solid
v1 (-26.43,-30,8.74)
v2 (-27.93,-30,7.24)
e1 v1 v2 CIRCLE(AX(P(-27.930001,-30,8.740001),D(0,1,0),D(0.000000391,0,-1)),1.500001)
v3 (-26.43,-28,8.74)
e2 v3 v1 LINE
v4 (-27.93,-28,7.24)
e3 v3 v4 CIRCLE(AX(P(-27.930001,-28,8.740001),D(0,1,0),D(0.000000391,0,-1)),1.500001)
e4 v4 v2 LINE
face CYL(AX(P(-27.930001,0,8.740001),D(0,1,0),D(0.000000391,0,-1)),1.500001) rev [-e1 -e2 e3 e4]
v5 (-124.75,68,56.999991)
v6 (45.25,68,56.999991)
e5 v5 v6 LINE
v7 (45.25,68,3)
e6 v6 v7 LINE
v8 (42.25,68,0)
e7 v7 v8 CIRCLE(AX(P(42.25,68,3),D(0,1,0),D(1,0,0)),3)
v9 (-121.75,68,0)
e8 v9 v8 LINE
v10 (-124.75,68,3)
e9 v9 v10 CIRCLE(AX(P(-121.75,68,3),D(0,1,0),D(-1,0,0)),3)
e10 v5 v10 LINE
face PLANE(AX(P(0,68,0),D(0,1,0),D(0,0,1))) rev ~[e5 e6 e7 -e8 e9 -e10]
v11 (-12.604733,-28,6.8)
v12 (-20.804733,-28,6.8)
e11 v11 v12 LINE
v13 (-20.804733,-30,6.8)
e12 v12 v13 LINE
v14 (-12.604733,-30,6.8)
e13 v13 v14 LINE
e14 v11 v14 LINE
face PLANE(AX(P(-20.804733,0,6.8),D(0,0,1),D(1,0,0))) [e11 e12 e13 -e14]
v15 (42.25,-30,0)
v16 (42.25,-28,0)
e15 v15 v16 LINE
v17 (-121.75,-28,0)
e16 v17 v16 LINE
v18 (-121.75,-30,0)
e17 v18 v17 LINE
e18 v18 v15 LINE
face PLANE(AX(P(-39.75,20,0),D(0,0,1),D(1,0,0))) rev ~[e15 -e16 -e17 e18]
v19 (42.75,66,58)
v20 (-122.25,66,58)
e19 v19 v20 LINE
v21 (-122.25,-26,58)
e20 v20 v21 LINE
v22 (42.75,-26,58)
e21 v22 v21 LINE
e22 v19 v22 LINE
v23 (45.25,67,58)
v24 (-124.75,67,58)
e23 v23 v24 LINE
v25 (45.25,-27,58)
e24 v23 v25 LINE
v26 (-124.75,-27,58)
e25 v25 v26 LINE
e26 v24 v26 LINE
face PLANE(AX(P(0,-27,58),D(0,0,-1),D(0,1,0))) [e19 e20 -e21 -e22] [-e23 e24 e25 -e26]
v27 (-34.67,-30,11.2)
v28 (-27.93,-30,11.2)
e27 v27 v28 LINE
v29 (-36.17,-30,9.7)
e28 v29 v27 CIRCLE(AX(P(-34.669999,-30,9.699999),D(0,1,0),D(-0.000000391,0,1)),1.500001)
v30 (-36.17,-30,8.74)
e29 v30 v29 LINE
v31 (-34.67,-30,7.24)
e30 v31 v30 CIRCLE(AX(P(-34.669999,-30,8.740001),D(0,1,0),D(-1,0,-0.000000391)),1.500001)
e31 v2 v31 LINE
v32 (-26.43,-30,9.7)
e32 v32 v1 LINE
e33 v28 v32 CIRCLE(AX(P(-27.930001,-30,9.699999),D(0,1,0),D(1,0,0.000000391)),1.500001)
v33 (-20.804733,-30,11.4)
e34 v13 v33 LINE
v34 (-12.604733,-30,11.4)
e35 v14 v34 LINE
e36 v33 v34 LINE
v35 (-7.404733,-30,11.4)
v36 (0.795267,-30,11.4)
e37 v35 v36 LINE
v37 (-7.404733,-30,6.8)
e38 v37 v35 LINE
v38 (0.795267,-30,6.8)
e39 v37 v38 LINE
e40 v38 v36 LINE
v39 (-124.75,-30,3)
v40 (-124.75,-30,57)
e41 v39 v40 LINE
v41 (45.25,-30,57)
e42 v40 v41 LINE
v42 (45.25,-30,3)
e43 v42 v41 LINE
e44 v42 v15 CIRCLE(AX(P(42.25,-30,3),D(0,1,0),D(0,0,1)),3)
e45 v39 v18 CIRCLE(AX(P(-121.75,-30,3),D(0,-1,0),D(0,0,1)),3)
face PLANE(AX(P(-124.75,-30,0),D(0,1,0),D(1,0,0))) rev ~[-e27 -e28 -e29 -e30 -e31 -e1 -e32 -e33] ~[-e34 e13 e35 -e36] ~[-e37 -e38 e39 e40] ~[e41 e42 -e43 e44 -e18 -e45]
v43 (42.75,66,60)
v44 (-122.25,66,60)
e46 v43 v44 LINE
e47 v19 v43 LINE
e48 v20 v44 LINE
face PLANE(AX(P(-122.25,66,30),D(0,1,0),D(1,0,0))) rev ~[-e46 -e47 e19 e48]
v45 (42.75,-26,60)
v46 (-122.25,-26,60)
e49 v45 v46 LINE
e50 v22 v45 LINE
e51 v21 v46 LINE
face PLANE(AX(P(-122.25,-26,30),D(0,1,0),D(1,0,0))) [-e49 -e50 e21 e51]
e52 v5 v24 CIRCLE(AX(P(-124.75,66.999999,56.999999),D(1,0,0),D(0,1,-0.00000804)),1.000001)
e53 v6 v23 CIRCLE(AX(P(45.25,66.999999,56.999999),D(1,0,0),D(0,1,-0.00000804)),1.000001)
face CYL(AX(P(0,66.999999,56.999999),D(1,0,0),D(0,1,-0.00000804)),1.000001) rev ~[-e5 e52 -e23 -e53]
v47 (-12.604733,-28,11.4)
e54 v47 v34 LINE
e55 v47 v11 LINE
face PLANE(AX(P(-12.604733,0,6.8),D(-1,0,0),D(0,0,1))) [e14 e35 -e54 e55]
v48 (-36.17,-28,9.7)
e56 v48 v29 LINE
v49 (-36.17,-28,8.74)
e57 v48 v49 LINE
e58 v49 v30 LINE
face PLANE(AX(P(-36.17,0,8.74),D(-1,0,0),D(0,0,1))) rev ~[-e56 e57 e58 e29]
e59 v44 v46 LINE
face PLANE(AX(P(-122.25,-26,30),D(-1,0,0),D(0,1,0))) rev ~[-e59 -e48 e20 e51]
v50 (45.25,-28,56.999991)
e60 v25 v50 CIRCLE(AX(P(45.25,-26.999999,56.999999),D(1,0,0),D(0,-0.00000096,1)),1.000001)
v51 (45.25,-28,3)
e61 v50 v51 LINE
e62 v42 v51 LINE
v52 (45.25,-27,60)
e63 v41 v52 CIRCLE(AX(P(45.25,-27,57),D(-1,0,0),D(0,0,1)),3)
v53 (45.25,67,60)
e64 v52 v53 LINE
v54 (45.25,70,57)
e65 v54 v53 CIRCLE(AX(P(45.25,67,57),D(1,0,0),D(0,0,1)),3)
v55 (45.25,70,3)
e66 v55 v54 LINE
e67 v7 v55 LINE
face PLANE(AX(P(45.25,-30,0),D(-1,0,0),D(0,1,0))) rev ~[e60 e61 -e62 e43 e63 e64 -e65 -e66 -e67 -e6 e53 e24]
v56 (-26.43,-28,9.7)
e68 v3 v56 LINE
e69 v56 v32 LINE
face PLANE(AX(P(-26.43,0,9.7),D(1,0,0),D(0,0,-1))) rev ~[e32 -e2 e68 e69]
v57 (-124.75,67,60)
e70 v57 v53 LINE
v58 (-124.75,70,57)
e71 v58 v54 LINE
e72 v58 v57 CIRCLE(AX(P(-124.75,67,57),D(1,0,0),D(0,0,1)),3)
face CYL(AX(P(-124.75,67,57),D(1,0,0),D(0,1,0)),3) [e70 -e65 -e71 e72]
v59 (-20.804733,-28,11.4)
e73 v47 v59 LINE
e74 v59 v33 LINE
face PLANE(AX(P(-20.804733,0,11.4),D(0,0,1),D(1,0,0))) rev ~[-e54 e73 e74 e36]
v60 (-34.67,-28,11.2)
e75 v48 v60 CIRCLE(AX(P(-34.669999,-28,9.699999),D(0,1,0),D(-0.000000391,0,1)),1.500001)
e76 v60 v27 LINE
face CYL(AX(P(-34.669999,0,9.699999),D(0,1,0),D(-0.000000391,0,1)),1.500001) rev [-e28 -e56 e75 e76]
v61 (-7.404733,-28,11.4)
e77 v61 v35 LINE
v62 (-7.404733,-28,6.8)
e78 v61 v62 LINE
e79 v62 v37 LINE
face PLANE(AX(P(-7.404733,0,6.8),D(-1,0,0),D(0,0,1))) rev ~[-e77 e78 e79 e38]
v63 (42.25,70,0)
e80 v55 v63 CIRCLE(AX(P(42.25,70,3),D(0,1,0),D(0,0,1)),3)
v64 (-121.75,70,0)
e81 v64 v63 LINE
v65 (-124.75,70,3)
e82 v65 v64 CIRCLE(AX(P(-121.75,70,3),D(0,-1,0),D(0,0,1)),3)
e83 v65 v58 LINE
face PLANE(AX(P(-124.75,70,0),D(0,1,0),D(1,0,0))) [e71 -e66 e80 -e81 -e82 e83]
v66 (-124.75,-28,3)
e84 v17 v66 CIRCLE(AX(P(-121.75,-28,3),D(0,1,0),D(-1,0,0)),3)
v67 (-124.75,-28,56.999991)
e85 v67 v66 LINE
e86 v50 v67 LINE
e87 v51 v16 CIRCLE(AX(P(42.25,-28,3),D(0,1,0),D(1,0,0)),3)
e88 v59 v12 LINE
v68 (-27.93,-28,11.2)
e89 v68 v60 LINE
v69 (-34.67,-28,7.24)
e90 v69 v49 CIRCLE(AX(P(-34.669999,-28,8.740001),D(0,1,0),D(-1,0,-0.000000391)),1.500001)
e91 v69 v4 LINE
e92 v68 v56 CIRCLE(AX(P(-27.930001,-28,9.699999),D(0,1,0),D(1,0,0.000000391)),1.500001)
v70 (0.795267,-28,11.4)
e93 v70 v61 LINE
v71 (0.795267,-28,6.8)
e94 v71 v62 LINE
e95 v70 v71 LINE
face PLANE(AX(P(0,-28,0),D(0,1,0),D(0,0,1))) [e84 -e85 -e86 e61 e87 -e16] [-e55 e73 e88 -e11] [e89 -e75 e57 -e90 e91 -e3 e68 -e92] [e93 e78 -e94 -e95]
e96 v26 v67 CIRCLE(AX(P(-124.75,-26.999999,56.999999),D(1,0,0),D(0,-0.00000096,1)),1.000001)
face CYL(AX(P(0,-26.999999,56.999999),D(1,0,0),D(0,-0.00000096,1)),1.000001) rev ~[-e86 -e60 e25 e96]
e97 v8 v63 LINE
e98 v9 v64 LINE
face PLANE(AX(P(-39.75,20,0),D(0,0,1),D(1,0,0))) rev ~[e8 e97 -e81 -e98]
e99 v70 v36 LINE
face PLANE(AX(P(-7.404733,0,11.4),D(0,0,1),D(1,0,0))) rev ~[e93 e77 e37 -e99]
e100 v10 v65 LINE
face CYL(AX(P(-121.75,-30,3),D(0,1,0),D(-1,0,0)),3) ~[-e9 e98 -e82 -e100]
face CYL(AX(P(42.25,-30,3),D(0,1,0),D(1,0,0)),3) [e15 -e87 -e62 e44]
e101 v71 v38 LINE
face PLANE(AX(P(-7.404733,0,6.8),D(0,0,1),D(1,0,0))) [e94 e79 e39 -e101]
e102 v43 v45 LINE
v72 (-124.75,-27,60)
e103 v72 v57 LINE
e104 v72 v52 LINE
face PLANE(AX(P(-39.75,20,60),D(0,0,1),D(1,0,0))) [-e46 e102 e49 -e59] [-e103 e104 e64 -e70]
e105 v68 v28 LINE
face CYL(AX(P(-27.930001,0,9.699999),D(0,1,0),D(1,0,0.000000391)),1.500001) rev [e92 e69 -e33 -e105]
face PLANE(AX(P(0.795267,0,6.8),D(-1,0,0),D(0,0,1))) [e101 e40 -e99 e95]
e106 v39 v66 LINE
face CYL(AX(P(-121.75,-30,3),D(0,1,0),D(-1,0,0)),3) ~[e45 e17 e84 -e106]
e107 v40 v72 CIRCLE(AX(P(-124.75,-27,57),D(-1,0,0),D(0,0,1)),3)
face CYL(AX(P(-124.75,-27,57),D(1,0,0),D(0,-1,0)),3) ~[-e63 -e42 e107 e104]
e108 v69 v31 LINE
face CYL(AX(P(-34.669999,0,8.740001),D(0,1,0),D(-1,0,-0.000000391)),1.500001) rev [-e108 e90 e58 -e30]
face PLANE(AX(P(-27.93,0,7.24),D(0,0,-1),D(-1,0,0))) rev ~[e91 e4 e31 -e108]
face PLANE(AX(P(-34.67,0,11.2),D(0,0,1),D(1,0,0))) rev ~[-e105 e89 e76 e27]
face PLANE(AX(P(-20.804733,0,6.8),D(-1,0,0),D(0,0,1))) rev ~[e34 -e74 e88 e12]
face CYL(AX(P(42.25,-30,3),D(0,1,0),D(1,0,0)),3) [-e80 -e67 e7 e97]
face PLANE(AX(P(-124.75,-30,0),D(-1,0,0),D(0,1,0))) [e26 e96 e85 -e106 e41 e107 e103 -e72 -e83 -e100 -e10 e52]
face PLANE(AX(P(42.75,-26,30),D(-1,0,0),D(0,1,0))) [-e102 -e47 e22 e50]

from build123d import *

# Parameters (mm, degrees)
PAD001_DEPTH    = 250
SKETCH_W        = 170
SKETCH_H        = 100
PAD_DEPTH       = 60
FILLET_R        = 3
SKETCH001_W     = 17
SKETCH001_H     = 14.3
SKETCH001_W_2   = 15.6
SKETCH001_H_2   = 16.5
POCKET_DEPTH    = 45.251
SKETCH002_W     = 8.2
SKETCH002_H     = 4.6
POCKET001_DEPTH = 30.001
SKETCH006_W     = 165
SKETCH006_H     = 92
POCKET003_DEPTH = 500
SKETCH007_R     = 2.2
SKETCH007_R_2   = 1.75
POCKET004_DEPTH = 5


with BuildPart() as top_mask:
    # Sketch003 → Pad001 (new body, symmetric)
    with BuildSketch(Plane.YZ):
        with BuildLine():
            Line((-28, 0), (-28, 56.999991))
            ThreePointArc((-27, 58), (-27.70711, 57.707103), (-28, 56.999991))
            Line((-27, 58), (67, 58))
            ThreePointArc((68, 56.999991), (67.70711, 57.707103), (67, 58))
            Line((68, 0), (68, 56.999991))
            Line((-28, 0), (68, 0))
        make_face()
    extrude(amount=PAD001_DEPTH, both=True)


with BuildPart() as top:
    # Sketch → Pad (new body)
    with BuildSketch(Plane.XY):
        with Locations((-39.75, 20)):
            Rectangle(SKETCH_W, SKETCH_H)
    extrude(amount=PAD_DEPTH)

    # Fillet
    fillet_edges = [top.edges().sort_by_distance(p)[0] for p in [
        (45.25, 20, 0),
        (-39.75, -30, 60),
        (-39.75, 70, 60),
        (-124.75, 20, 0),
    ]]
    fillet(fillet_edges, radius=FILLET_R)

    # Sketch001 → Pocket (cut, through all)
    with BuildSketch(Plane.YZ):
        with Locations((-17.8, 14.75)):
            Rectangle(SKETCH001_W, SKETCH001_H)
        with Locations((1.05, 16.2)):
            Rectangle(SKETCH001_W_2, SKETCH001_H_2)
        with Locations((19, 16.2)):
            Rectangle(SKETCH001_W_2, SKETCH001_H_2)
    extrude(amount=POCKET_DEPTH, mode=Mode.SUBTRACT)

    # Sketch002 → Pocket001 (cut, through all)
    with BuildSketch(Plane.XZ):
        with BuildLine():
            ThreePointArc((-34.67, 11.2), (-35.73066, 10.76066), (-36.17, 9.7))
            Line((-36.17, 8.74), (-36.17, 9.7))
            ThreePointArc((-36.17, 8.74), (-35.73066, 7.67934), (-34.67, 7.24))
            Line((-27.93, 7.24), (-34.67, 7.24))
            ThreePointArc((-27.93, 7.24), (-26.86934, 7.67934), (-26.43, 8.74))
            Line((-26.43, 9.7), (-26.43, 8.74))
            ThreePointArc((-26.43, 9.7), (-26.86934, 10.76066), (-27.93, 11.2))
            Line((-34.67, 11.2), (-27.93, 11.2))
        make_face()
        with Locations((-16.704733, 9.1)):
            Rectangle(SKETCH002_W, SKETCH002_H)
        with Locations((-3.304733, 9.1)):
            Rectangle(SKETCH002_W, SKETCH002_H)
    extrude(amount=POCKET001_DEPTH, mode=Mode.SUBTRACT)

    # Sketch006 → Pocket003 (cut)
    with BuildSketch(Plane.XY.offset(30)):
        with Locations((-39.75, 20)):
            Rectangle(SKETCH006_W, SKETCH006_H)
    extrude(amount=POCKET003_DEPTH, mode=Mode.SUBTRACT)

    # Sketch007 → Pocket004 (cut)
    with BuildSketch(Plane.XY):
        with Locations((-39, 24.5)):
            Circle(SKETCH007_R)
        with Locations((19, 24.5)):
            Circle(SKETCH007_R)
        with Locations((-39, -24.5)):
            Circle(SKETCH007_R)
        with Locations((19, -24.5)):
            Circle(SKETCH007_R)
        with Locations((-112, 18.5)):
            Circle(SKETCH007_R)
        with Locations((-116.75, -23.9)):
            Circle(SKETCH007_R_2)
        with Locations((-116.75, 63.9)):
            Circle(SKETCH007_R_2)
        with Locations((37.25, 63.9)):
            Circle(SKETCH007_R_2)
    extrude(amount=POCKET004_DEPTH, mode=Mode.SUBTRACT)

    # Cut: cut Top Mask
    add(top_mask.part, mode=Mode.SUBTRACT)


solid = top.part
